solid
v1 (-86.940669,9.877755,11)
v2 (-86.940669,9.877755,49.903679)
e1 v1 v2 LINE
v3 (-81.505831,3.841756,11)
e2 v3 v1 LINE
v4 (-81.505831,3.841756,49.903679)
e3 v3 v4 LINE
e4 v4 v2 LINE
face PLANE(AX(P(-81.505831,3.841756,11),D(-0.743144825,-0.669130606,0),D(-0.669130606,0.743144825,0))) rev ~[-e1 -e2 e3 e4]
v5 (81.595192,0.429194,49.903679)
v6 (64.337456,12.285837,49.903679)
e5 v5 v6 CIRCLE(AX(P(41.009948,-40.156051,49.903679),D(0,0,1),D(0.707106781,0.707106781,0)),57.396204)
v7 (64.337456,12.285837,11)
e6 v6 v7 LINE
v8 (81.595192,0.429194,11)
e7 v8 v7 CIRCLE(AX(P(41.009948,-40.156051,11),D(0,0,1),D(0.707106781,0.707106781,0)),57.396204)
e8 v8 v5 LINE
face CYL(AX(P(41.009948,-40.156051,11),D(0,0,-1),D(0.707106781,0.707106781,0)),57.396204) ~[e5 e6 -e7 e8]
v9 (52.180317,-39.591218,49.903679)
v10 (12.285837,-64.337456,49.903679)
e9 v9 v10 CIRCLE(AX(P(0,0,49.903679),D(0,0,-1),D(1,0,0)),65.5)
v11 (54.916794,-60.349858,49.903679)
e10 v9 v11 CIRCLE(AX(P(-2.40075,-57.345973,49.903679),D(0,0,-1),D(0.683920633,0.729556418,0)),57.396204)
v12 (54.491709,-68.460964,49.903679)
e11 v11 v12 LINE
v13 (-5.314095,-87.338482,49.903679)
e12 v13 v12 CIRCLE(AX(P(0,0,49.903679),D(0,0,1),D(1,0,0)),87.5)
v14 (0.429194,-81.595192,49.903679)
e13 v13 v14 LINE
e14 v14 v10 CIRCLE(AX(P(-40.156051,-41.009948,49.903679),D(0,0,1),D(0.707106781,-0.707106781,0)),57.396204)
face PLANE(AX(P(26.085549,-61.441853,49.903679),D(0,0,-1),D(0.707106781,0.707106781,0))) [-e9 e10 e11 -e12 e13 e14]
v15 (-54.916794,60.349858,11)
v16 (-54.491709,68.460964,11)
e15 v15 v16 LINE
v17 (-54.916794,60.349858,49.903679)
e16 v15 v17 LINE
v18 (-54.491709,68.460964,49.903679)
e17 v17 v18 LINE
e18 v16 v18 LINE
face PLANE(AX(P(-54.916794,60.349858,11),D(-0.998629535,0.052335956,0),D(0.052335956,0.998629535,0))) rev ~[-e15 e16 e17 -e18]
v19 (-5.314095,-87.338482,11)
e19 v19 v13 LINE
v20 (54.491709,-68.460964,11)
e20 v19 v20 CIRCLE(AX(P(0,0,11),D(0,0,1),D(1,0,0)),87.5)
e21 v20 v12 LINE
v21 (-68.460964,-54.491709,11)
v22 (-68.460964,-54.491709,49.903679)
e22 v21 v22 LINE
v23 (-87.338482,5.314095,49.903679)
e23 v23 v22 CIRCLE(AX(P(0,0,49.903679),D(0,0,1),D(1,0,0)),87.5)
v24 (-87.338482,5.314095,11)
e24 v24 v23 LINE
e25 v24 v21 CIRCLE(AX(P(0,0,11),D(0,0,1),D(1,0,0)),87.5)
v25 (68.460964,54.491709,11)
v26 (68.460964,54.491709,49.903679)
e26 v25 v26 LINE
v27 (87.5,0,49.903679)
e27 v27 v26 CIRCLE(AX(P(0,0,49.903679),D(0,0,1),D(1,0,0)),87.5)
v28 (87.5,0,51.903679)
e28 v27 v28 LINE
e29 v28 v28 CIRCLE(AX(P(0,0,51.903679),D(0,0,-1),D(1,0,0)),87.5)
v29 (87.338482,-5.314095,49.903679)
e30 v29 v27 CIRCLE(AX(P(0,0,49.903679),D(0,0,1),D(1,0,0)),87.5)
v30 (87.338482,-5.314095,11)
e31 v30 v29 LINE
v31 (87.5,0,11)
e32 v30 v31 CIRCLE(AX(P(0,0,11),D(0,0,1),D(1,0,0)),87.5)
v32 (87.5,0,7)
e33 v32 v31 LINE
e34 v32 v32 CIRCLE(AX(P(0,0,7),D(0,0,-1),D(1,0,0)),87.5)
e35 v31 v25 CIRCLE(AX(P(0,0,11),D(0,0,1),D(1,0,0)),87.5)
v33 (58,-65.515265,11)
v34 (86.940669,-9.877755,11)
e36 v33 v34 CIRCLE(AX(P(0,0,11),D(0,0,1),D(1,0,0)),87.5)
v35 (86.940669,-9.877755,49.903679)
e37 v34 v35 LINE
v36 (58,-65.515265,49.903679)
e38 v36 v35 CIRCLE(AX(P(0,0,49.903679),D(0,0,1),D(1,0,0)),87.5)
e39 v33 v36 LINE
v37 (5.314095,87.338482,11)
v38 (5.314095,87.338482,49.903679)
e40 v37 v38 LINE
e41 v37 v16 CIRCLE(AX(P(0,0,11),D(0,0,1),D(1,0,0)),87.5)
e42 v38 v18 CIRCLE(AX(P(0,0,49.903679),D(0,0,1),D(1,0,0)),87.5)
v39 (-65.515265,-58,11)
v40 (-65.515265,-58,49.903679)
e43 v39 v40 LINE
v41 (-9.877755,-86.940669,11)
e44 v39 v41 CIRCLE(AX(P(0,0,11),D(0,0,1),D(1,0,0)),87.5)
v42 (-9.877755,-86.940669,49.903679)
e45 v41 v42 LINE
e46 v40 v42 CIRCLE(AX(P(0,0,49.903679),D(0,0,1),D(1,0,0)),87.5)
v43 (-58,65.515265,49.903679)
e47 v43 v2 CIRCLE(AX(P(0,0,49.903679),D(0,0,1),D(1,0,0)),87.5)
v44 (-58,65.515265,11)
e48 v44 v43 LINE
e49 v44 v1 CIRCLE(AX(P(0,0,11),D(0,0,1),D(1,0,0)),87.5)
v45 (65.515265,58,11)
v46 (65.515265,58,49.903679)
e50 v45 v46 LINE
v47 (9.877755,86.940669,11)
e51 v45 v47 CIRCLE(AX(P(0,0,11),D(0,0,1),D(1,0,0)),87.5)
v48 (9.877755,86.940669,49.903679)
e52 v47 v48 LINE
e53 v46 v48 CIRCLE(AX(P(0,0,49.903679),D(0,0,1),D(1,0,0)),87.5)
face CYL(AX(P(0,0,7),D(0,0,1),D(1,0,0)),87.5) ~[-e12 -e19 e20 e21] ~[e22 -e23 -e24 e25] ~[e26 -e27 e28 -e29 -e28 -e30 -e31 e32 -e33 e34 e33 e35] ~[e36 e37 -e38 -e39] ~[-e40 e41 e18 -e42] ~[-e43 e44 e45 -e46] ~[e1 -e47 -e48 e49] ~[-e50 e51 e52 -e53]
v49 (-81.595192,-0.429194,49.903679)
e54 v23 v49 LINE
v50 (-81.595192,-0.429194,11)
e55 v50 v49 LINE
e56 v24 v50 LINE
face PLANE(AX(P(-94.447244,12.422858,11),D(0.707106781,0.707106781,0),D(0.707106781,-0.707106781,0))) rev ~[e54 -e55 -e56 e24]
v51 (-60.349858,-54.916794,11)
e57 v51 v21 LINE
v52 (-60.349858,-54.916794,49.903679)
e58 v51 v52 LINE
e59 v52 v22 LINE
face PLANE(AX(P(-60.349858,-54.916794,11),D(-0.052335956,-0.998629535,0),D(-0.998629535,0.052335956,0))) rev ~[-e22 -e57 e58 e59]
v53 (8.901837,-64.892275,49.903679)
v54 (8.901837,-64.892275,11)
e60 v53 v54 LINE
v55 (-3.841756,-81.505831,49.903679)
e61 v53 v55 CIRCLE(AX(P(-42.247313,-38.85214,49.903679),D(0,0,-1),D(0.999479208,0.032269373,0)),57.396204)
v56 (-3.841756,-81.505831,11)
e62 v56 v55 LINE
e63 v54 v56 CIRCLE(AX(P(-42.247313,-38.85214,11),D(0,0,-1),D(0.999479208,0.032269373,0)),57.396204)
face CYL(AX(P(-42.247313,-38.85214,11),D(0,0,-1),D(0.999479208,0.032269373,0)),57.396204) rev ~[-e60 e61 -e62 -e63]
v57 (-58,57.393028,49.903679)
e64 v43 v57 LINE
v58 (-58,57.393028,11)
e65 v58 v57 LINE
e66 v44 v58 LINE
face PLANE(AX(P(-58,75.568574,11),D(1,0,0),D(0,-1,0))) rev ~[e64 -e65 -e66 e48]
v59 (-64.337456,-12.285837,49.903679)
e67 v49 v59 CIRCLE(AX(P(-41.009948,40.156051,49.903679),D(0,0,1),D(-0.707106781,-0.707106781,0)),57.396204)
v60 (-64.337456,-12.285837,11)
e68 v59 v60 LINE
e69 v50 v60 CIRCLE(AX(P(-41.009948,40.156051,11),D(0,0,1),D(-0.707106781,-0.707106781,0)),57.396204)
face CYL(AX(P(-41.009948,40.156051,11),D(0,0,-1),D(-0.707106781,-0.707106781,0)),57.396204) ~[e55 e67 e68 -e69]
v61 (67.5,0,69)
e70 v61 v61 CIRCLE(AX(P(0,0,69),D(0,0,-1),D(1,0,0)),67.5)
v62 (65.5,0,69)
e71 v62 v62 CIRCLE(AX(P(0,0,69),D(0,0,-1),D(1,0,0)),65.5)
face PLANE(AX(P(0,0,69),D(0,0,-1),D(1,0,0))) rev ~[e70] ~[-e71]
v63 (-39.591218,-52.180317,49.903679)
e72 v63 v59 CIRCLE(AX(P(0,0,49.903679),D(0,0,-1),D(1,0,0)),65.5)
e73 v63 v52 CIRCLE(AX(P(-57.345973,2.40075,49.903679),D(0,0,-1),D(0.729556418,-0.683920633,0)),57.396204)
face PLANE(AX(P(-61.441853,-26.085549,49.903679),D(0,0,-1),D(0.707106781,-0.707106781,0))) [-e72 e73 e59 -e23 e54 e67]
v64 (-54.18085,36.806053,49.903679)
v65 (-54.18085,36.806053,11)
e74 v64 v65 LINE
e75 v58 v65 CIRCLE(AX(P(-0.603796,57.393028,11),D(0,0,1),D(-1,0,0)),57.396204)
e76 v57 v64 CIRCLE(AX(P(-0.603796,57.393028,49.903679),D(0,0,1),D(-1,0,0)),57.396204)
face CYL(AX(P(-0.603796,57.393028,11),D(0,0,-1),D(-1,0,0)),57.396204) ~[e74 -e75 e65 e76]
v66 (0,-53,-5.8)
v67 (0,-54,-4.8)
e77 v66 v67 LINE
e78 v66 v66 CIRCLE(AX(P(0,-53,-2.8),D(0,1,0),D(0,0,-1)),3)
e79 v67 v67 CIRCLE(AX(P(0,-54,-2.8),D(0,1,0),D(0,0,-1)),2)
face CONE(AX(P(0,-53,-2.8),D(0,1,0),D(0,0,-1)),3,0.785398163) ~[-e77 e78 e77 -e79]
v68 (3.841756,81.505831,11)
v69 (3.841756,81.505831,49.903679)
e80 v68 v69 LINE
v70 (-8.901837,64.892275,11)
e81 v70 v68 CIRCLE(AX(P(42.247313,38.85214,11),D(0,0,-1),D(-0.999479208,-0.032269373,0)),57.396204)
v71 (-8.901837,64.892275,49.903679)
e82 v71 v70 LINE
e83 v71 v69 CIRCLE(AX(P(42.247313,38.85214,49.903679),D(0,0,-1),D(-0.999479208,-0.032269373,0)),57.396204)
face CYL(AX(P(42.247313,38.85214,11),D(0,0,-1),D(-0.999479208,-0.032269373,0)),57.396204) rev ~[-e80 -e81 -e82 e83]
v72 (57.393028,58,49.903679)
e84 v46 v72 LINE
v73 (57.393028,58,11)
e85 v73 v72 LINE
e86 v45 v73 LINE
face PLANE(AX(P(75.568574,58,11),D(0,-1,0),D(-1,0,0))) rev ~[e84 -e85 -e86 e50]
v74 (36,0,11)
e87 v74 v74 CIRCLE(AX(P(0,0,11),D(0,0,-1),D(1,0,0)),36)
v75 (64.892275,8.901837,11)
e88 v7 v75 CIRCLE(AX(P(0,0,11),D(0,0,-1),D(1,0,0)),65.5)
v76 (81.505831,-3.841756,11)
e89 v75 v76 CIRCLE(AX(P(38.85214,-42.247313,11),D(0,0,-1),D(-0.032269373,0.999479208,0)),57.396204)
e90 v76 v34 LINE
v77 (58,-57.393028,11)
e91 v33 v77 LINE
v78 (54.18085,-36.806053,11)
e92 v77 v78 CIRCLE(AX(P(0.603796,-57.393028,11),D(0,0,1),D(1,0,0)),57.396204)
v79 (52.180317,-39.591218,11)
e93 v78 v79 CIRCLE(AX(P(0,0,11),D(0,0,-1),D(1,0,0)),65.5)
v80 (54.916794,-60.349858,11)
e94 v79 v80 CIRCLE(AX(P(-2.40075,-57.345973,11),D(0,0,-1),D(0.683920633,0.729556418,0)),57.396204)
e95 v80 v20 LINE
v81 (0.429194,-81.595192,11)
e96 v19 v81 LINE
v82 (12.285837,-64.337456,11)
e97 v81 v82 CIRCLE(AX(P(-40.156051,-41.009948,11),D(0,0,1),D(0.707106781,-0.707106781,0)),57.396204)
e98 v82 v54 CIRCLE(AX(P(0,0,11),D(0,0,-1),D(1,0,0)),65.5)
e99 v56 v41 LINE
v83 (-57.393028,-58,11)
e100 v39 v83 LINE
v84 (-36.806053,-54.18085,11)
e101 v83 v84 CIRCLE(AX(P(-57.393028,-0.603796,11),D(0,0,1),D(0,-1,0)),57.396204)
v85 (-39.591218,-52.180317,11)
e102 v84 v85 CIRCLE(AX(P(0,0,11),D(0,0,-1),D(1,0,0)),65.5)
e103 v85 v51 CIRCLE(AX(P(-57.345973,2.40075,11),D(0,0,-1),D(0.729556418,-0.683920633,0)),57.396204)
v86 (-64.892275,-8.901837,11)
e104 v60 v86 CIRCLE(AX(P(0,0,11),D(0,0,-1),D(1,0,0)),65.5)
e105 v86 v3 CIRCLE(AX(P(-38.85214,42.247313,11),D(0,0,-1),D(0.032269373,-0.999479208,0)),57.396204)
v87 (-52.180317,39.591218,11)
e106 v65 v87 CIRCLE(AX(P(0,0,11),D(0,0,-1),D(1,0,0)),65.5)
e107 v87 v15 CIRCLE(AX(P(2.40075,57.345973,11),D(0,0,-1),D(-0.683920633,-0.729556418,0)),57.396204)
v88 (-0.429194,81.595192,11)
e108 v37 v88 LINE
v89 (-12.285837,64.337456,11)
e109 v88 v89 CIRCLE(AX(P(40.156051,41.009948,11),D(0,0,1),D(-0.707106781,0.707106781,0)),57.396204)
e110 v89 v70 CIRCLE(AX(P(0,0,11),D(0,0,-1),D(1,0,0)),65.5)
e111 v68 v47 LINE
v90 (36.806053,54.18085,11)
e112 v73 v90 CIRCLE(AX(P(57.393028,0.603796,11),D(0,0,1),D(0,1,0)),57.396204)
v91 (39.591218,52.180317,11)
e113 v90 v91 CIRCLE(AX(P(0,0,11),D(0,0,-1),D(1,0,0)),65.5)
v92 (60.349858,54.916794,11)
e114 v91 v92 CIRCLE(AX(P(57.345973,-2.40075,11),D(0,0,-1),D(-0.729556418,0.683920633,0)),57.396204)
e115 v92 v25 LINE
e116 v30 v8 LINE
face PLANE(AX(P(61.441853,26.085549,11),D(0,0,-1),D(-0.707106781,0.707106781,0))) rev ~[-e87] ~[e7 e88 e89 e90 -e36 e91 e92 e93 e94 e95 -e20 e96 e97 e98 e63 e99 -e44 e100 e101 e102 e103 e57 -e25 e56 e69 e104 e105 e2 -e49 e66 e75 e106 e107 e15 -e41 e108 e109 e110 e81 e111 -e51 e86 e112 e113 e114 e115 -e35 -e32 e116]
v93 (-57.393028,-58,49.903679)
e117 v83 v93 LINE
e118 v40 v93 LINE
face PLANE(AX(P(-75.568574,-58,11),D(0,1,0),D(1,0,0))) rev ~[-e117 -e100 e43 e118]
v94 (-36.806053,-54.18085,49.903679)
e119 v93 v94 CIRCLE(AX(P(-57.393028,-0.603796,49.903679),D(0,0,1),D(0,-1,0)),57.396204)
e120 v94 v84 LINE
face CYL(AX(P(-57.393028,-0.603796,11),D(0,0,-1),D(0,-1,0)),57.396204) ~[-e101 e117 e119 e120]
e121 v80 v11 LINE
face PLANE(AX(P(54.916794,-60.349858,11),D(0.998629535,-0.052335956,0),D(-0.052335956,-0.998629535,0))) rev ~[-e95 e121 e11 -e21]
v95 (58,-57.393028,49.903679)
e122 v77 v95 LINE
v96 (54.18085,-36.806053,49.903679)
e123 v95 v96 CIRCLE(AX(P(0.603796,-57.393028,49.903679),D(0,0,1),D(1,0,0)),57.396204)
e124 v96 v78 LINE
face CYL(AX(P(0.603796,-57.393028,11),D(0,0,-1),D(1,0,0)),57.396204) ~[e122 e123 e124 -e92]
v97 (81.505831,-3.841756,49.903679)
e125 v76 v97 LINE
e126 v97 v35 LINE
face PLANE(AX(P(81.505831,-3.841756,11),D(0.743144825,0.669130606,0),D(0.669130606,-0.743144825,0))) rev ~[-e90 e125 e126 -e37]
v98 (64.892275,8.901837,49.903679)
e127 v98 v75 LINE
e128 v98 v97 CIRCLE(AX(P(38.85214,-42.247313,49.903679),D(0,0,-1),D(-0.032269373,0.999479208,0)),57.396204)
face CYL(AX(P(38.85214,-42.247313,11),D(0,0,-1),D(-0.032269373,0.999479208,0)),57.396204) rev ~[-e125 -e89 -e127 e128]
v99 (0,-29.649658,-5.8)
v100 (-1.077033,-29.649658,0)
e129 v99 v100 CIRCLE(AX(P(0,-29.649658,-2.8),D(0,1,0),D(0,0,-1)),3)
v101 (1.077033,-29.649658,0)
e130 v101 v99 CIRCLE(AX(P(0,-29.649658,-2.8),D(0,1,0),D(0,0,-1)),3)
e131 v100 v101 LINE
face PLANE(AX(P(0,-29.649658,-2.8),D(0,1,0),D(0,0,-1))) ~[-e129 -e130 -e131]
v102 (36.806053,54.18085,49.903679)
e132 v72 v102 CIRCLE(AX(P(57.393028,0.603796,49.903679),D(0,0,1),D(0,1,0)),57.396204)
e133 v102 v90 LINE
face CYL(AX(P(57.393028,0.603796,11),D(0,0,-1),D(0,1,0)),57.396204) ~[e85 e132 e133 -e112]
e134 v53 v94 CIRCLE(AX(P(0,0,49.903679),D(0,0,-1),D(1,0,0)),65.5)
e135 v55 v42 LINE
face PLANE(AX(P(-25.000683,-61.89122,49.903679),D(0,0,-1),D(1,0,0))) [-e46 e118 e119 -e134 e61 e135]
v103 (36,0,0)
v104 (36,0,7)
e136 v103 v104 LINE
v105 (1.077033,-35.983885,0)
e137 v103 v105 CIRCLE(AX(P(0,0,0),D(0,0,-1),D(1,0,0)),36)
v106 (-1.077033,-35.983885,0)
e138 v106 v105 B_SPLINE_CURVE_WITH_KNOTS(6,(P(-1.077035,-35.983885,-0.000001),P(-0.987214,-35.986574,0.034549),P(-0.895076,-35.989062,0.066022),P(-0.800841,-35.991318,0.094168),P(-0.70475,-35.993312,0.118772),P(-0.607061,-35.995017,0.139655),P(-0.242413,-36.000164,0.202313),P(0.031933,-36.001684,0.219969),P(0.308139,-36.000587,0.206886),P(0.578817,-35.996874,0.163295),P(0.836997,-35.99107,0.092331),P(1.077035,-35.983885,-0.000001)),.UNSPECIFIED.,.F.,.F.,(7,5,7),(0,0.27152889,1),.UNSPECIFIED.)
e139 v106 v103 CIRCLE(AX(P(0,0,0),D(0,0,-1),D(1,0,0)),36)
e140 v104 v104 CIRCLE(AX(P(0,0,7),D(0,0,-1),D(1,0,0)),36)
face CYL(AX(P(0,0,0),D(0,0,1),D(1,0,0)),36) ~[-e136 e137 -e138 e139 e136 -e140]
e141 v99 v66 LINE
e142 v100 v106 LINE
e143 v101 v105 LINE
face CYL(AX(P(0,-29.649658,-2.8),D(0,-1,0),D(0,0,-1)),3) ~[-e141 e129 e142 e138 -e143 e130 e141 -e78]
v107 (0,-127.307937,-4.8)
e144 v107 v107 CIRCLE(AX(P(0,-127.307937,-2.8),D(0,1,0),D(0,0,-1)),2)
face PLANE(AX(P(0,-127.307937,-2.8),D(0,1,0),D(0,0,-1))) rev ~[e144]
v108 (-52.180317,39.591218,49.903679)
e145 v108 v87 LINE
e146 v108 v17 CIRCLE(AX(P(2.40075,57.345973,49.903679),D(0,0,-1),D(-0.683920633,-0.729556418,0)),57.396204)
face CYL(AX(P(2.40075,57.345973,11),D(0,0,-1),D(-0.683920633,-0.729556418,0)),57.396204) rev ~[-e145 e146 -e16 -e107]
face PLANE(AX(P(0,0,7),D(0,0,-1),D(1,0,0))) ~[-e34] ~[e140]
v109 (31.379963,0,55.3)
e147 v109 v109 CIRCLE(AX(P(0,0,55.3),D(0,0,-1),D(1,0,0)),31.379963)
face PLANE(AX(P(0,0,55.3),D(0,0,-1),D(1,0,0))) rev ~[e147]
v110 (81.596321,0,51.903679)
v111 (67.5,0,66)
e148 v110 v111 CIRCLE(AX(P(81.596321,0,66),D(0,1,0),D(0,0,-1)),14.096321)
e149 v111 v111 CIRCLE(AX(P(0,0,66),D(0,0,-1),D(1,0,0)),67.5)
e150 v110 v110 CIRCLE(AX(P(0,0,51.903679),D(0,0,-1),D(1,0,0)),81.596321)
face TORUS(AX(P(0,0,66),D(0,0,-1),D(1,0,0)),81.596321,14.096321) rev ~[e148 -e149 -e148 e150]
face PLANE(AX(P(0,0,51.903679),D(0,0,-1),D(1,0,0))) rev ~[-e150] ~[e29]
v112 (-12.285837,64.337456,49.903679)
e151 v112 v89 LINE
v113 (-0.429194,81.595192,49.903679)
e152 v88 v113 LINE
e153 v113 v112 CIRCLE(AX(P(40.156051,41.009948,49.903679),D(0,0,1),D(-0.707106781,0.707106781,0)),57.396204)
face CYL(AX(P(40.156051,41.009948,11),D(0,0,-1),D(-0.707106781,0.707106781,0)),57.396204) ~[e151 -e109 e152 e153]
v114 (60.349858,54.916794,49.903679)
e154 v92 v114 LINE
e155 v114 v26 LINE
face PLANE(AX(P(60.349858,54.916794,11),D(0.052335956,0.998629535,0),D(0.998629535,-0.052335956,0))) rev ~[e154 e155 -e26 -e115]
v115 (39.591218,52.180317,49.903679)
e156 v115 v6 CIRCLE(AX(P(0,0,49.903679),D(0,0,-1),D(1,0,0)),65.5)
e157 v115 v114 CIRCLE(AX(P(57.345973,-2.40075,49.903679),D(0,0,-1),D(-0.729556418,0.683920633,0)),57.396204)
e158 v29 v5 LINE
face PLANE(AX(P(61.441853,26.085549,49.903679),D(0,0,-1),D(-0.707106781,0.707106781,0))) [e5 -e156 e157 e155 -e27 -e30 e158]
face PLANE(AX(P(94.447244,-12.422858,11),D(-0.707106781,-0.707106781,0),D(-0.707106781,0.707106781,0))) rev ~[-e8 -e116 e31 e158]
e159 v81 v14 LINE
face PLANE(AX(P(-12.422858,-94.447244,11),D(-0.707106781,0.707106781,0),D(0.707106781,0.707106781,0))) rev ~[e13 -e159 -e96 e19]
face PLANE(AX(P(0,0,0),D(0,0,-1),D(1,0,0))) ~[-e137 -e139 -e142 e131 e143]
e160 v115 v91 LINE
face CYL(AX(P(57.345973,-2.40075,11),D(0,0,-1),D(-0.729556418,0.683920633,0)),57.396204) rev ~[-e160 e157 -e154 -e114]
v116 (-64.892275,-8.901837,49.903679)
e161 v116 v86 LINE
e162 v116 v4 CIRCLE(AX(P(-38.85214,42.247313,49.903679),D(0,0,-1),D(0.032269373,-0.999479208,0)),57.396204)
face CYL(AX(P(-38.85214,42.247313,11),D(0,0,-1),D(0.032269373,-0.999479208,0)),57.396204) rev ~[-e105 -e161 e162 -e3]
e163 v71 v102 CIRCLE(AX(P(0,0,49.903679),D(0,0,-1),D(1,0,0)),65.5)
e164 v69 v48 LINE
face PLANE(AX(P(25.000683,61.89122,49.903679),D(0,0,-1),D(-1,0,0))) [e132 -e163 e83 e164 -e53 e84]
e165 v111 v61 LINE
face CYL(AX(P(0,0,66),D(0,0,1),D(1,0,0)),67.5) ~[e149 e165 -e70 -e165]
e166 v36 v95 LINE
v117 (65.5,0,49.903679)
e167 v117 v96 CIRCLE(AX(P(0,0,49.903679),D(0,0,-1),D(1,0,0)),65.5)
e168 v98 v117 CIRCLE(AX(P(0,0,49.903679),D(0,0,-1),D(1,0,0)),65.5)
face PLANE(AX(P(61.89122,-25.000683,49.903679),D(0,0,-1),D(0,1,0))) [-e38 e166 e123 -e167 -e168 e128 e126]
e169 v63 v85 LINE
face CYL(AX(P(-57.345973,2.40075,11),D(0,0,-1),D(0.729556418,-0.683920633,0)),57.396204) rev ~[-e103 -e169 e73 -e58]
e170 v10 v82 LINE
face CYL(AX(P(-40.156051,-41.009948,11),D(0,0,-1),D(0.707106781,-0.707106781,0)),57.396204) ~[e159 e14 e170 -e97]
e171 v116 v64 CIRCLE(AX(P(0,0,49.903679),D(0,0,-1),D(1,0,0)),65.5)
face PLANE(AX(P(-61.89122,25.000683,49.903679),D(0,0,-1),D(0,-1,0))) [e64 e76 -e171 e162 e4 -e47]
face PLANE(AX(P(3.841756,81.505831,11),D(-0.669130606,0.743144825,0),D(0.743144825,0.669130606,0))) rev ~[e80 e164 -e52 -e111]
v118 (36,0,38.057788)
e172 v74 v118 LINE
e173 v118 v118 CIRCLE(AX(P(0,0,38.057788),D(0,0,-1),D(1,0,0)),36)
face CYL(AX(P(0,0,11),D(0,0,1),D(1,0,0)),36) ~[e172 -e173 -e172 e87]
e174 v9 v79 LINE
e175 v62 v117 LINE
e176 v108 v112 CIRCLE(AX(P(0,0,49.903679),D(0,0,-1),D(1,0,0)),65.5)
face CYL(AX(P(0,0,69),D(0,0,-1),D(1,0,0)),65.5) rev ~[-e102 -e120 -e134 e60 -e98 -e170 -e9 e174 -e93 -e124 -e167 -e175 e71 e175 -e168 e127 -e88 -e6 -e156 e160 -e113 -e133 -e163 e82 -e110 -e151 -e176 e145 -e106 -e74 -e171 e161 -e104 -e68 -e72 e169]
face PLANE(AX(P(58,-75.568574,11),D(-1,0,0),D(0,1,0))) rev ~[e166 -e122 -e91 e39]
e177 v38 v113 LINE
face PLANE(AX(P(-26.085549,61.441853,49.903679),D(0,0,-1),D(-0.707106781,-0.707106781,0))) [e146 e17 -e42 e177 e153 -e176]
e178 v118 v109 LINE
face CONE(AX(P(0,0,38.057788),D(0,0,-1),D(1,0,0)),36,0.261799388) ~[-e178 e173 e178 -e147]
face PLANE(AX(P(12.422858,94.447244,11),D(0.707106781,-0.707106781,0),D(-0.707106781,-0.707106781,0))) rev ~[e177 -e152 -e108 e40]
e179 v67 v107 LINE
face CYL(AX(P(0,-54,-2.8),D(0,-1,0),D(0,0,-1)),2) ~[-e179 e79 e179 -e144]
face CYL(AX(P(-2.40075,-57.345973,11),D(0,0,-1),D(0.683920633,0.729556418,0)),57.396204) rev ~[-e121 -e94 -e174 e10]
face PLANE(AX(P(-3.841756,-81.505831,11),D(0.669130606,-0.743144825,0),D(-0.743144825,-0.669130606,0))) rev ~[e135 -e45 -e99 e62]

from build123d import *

# Parameters (mm, degrees)
CUT_EXTRUDE1_DEPTH = 38.90367873
CIRPATTERN1_COUNT  = 8


with BuildPart() as part:
    # Sketch1 → Revolve1 (revolve)
    with BuildSketch(Plane(origin=(0, 0, 0), x_dir=(0, 0, -1), z_dir=(1, 0, 0)), mode=Mode.PRIVATE) as revolve1_sk:
        with BuildLine():
            Line((0, 0), (0, 36))
            Line((0, 36), (-7, 36))
            Line((-7, 36), (-7, 87.5))
            Line((-7, 87.5), (-51.90367873, 87.5))
            Line((-51.90367873, 87.5), (-51.90367873, 81.59632127))
            ThreePointArc((-51.90367873, 81.59632127), (-56.03239564, 71.62871691), (-66, 67.5))
            Line((-66, 67.5), (-69, 67.5))
            Line((-69, 67.5), (-69, 65.5))
            Line((-69, 65.5), (-11, 65.5))
            Line((-11, 65.5), (-11, 36))
            Line((-11, 36), (-38.057788399, 36))
            Line((-38.057788399, 36), (-55.3, 31.379963326))
            Line((-55.3, 31.379963326), (-55.3, 0))
            Line((-55.3, 0), (0, 0))
        make_face()
    revolve(revolve1_sk.sketch.rotate(Axis((0, 0, 0), (0, 0, -1)), 90), axis=Axis((0, 0, 0), (0, 0, -1)))

    # Sketch2 → Cut-Extrude1 (cut)
    with BuildSketch(Plane.XY.offset(11)):
        with BuildLine():
            Line((75.568573924, 58), (57.393027841, 58))
            ThreePointArc((57.393027841, 58), (32.84389058, 52.485045903), (13.012395116, 37))
            Line((13.012395116, 37), (-15.118999196, 37))
            ThreePointArc((-15.118999196, 37), (-10.556616441, 61.348122111), (3.84175649, 81.505831398))
            Line((3.84175649, 81.505831398), (17.348819511, 93.667645569))
            Line((17.348819511, 93.667645569), (75.568573924, 58))
        make_face()
    cut_extrude1 = extrude(amount=CUT_EXTRUDE1_DEPTH, mode=Mode.SUBTRACT)

    # CirPattern1: Cut-Extrude1 ×8 about axis
    cirpattern1_axis = Axis((0, 0, 0), (0, 0, 1))
    for i in range(1, CIRPATTERN1_COUNT):
        add(cut_extrude1.rotate(cirpattern1_axis, i * 360 / CIRPATTERN1_COUNT), mode=Mode.SUBTRACT)

    # Sketch3 → Revolve2 (revolve)
    with BuildSketch(Plane(origin=(0, 0, 0), x_dir=(0, 0, -1), z_dir=(1, 0, 0))):
        Polygon((5.8, -29.649658317), (5.8, -53), (4.8, -54), (4.8, -127.307937006), (2.8, -127.307937006), (2.8, -29.649658317), align=None)
    revolve(axis=Axis((0, -29.649658317, -2.8), (0, 1, 0)))


solid = part.part
